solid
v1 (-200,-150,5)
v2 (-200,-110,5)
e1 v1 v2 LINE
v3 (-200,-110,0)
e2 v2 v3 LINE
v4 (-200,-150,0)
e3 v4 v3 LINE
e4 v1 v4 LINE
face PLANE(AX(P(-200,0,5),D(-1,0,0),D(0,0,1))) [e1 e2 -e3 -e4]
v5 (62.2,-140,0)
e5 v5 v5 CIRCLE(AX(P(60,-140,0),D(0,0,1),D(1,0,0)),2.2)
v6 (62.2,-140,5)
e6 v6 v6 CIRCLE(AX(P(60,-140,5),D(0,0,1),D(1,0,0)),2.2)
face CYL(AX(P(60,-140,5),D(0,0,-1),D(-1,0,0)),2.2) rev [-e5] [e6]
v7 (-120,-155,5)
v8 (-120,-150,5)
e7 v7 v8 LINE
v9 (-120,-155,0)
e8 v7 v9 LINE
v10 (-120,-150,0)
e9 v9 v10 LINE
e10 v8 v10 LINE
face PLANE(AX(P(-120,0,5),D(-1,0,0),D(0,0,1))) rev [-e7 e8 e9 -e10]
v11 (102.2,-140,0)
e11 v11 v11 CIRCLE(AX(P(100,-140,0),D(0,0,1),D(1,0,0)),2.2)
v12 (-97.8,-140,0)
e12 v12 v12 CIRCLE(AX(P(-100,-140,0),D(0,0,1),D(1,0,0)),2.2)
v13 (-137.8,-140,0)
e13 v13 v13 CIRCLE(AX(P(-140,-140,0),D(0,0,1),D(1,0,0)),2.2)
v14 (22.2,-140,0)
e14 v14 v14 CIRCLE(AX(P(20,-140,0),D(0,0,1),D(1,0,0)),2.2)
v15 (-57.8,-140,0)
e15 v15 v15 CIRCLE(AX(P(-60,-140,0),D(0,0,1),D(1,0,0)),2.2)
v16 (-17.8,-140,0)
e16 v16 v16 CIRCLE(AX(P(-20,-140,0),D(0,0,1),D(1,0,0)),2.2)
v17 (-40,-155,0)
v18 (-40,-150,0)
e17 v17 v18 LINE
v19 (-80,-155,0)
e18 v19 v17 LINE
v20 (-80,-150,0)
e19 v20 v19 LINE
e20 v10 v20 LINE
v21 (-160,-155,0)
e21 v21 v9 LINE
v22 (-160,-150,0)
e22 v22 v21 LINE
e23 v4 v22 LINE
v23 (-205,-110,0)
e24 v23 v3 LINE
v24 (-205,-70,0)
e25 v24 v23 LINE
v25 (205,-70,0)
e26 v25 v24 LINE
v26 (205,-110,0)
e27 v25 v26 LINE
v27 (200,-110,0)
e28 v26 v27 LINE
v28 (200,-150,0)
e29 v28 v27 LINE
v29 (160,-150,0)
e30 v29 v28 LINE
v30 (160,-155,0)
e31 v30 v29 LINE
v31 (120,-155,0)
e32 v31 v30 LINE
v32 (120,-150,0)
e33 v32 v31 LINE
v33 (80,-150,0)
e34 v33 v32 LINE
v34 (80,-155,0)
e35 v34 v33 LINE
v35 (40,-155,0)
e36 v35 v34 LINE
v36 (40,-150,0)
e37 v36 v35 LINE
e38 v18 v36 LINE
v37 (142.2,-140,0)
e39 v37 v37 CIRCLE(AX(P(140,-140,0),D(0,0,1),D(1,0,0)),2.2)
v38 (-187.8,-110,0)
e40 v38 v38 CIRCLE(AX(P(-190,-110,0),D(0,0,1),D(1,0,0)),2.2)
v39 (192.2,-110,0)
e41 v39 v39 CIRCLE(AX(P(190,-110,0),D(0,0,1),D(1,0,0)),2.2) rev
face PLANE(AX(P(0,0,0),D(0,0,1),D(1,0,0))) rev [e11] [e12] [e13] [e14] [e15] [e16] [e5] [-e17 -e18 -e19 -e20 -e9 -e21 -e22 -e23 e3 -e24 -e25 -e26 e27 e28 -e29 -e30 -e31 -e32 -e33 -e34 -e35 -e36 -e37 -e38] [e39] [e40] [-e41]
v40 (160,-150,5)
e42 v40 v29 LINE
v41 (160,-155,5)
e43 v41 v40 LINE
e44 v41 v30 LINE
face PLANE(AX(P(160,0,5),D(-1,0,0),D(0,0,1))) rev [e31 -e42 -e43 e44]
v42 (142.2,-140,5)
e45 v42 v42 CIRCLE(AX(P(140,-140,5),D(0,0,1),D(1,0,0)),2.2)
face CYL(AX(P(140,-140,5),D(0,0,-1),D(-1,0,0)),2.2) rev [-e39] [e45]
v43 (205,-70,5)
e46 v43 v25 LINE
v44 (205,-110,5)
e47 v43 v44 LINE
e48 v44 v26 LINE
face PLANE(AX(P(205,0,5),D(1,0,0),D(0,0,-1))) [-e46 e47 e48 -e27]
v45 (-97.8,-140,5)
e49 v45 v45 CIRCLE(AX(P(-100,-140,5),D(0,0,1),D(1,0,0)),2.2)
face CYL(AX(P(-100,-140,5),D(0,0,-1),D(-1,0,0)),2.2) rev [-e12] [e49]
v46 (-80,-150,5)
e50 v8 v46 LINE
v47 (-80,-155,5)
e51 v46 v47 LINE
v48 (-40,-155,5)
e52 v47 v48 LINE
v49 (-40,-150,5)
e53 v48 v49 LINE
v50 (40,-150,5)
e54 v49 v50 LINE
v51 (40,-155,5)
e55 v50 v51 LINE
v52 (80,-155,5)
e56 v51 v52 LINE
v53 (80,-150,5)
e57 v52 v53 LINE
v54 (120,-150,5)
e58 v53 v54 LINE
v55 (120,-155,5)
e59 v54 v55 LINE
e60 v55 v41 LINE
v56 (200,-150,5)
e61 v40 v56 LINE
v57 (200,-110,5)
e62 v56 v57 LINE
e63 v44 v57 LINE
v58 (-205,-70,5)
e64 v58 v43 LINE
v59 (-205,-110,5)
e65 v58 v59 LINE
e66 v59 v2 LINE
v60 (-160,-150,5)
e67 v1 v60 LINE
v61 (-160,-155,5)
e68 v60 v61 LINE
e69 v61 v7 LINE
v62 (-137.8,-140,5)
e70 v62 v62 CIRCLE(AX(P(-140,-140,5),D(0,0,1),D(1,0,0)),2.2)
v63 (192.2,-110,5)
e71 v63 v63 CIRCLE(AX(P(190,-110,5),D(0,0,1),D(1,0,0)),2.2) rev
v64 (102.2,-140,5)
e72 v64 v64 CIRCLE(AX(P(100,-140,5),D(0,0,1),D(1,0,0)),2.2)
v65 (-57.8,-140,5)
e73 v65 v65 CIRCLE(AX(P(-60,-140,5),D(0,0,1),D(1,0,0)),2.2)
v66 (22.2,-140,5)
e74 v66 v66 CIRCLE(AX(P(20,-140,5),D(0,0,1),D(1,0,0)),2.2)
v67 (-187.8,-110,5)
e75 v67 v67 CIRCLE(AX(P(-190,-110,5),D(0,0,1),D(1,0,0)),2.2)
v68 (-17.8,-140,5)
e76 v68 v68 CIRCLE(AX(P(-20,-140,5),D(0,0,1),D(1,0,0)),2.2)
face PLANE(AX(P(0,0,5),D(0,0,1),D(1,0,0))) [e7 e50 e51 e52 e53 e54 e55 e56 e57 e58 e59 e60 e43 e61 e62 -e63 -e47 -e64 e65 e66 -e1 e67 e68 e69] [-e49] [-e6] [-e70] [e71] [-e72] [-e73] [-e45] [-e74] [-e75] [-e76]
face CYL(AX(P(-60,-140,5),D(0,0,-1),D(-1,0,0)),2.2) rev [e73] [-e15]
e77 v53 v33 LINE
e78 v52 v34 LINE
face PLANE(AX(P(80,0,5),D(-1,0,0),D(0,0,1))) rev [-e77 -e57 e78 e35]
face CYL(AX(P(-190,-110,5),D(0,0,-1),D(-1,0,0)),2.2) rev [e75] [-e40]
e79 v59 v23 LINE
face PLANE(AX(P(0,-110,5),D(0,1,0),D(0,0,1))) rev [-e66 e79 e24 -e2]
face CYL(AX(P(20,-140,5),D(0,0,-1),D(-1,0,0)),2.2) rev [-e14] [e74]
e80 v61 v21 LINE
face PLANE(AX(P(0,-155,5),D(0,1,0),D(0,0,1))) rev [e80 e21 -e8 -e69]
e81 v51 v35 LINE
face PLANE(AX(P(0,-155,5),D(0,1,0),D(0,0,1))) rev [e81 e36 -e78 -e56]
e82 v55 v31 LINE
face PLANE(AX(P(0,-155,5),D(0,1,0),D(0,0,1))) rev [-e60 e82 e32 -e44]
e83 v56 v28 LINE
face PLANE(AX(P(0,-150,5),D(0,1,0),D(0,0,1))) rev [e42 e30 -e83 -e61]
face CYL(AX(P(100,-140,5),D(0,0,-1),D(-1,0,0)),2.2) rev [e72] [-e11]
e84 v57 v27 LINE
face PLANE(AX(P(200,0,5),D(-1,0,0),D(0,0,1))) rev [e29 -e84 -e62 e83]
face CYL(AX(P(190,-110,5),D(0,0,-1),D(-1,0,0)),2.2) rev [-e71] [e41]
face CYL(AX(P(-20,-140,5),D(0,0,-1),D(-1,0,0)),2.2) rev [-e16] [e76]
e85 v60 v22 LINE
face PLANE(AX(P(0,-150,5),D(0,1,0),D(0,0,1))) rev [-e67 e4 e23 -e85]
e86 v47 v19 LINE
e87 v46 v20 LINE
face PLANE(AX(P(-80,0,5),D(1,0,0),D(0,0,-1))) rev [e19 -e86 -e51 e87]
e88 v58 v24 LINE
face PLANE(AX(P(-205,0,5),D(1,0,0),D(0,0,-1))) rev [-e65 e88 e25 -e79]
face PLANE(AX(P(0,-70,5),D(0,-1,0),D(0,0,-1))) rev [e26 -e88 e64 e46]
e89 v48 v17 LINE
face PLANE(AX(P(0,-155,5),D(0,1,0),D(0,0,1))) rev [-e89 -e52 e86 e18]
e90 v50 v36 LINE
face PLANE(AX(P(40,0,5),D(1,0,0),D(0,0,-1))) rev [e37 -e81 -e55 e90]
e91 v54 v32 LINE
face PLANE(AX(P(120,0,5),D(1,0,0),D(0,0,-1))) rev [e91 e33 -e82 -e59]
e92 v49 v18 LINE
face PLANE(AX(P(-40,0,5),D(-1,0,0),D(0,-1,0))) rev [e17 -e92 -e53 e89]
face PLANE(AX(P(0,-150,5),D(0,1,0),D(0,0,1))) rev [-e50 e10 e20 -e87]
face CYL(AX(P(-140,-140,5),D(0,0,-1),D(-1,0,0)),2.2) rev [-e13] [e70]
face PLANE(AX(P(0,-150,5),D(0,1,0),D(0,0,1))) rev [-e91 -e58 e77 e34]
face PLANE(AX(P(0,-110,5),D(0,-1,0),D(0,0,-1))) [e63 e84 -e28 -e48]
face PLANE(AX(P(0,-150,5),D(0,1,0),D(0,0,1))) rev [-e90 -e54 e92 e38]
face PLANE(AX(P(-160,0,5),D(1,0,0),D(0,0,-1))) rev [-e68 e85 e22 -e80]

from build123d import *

# Parameters (mm, degrees)
SKETCH_1_R          = 2.2
EXTRUDE_1_DEPTH     = 5
SKETCH_2_W          = 410
SKETCH_2_H          = 226.105378696
CUT_EXTRUDE_2_DEPTH = 5
SKETCH_4_W          = 410
SKETCH_4_H          = 19.486670542
EXTRUDE_3_DEPTH     = 5


with BuildPart() as part:
    # 草图1 → 凸台-拉伸1 (new body)
    with BuildSketch(Plane.XY):
        Polygon((-200, 150), (200, 150), (200, 110), (205, 110), (205, 70), (200, 70), (200, 30), (205, 30), (205, -30), (200, -30), (200, -70), (205, -70), (205, -110), (200, -110), (200, -150), (160, -150), (160, -155), (120, -155), (120, -150), (80, -150), (80, -155), (40, -155), (40, -150), (-40, -150), (-40, -155), (-80, -155), (-80, -150), (-120, -150), (-120, -155), (-160, -155), (-160, -150), (-200, -150), (-200, -110), (-205, -110), (-205, -70), (-200, -70), (-200, -30), (-205, -30), (-205, 30), (-200, 30), (-200, 70), (-205, 70), (-205, 110), (-200, 110), align=None)
        with Locations((-140, -140)):
            Circle(SKETCH_1_R, mode=Mode.SUBTRACT)
        with Locations((-100, -140)):
            Circle(SKETCH_1_R, mode=Mode.SUBTRACT)
        with Locations((-60, -140)):
            Circle(SKETCH_1_R, mode=Mode.SUBTRACT)
        with Locations((-20, -140)):
            Circle(SKETCH_1_R, mode=Mode.SUBTRACT)
        with Locations((20, -140)):
            Circle(SKETCH_1_R, mode=Mode.SUBTRACT)
        with Locations((60, -140)):
            Circle(SKETCH_1_R, mode=Mode.SUBTRACT)
        with Locations((100, -140)):
            Circle(SKETCH_1_R, mode=Mode.SUBTRACT)
        with Locations((140, -140)):
            Circle(SKETCH_1_R, mode=Mode.SUBTRACT)
        with Locations((-190, 110)):
            Circle(SKETCH_1_R, mode=Mode.SUBTRACT)
        with Locations((-190, 70)):
            Circle(SKETCH_1_R, mode=Mode.SUBTRACT)
        with Locations((-190, 30)):
            Circle(SKETCH_1_R, mode=Mode.SUBTRACT)
        with Locations((-190, -30)):
            Circle(SKETCH_1_R, mode=Mode.SUBTRACT)
        with Locations((-190, -70)):
            Circle(SKETCH_1_R, mode=Mode.SUBTRACT)
        with Locations((-190, -110)):
            Circle(SKETCH_1_R, mode=Mode.SUBTRACT)
        with Locations((190, -110)):
            Circle(SKETCH_1_R, mode=Mode.SUBTRACT)
        with Locations((190, -70)):
            Circle(SKETCH_1_R, mode=Mode.SUBTRACT)
        with Locations((190, -30)):
            Circle(SKETCH_1_R, mode=Mode.SUBTRACT)
        with Locations((190, 30)):
            Circle(SKETCH_1_R, mode=Mode.SUBTRACT)
        with Locations((190, 70)):
            Circle(SKETCH_1_R, mode=Mode.SUBTRACT)
        with Locations((190, 110)):
            Circle(SKETCH_1_R, mode=Mode.SUBTRACT)
    extrude(amount=EXTRUDE_1_DEPTH)

    # 草图2 → 切除-拉伸2 (cut)
    with BuildSketch(Plane.XY.offset(5)):
        with Locations((0, 43.052689348)):
            Rectangle(SKETCH_2_W, SKETCH_2_H)
    extrude(amount=-CUT_EXTRUDE_2_DEPTH, mode=Mode.SUBTRACT)

    # 草图4 → 凸台-拉伸3 (add)
    with BuildSketch(Plane.XY.offset(5)):
        with Locations((0, -79.743335271)):
            Rectangle(SKETCH_4_W, SKETCH_4_H)
    extrude(amount=-EXTRUDE_3_DEPTH)


solid = part.part
